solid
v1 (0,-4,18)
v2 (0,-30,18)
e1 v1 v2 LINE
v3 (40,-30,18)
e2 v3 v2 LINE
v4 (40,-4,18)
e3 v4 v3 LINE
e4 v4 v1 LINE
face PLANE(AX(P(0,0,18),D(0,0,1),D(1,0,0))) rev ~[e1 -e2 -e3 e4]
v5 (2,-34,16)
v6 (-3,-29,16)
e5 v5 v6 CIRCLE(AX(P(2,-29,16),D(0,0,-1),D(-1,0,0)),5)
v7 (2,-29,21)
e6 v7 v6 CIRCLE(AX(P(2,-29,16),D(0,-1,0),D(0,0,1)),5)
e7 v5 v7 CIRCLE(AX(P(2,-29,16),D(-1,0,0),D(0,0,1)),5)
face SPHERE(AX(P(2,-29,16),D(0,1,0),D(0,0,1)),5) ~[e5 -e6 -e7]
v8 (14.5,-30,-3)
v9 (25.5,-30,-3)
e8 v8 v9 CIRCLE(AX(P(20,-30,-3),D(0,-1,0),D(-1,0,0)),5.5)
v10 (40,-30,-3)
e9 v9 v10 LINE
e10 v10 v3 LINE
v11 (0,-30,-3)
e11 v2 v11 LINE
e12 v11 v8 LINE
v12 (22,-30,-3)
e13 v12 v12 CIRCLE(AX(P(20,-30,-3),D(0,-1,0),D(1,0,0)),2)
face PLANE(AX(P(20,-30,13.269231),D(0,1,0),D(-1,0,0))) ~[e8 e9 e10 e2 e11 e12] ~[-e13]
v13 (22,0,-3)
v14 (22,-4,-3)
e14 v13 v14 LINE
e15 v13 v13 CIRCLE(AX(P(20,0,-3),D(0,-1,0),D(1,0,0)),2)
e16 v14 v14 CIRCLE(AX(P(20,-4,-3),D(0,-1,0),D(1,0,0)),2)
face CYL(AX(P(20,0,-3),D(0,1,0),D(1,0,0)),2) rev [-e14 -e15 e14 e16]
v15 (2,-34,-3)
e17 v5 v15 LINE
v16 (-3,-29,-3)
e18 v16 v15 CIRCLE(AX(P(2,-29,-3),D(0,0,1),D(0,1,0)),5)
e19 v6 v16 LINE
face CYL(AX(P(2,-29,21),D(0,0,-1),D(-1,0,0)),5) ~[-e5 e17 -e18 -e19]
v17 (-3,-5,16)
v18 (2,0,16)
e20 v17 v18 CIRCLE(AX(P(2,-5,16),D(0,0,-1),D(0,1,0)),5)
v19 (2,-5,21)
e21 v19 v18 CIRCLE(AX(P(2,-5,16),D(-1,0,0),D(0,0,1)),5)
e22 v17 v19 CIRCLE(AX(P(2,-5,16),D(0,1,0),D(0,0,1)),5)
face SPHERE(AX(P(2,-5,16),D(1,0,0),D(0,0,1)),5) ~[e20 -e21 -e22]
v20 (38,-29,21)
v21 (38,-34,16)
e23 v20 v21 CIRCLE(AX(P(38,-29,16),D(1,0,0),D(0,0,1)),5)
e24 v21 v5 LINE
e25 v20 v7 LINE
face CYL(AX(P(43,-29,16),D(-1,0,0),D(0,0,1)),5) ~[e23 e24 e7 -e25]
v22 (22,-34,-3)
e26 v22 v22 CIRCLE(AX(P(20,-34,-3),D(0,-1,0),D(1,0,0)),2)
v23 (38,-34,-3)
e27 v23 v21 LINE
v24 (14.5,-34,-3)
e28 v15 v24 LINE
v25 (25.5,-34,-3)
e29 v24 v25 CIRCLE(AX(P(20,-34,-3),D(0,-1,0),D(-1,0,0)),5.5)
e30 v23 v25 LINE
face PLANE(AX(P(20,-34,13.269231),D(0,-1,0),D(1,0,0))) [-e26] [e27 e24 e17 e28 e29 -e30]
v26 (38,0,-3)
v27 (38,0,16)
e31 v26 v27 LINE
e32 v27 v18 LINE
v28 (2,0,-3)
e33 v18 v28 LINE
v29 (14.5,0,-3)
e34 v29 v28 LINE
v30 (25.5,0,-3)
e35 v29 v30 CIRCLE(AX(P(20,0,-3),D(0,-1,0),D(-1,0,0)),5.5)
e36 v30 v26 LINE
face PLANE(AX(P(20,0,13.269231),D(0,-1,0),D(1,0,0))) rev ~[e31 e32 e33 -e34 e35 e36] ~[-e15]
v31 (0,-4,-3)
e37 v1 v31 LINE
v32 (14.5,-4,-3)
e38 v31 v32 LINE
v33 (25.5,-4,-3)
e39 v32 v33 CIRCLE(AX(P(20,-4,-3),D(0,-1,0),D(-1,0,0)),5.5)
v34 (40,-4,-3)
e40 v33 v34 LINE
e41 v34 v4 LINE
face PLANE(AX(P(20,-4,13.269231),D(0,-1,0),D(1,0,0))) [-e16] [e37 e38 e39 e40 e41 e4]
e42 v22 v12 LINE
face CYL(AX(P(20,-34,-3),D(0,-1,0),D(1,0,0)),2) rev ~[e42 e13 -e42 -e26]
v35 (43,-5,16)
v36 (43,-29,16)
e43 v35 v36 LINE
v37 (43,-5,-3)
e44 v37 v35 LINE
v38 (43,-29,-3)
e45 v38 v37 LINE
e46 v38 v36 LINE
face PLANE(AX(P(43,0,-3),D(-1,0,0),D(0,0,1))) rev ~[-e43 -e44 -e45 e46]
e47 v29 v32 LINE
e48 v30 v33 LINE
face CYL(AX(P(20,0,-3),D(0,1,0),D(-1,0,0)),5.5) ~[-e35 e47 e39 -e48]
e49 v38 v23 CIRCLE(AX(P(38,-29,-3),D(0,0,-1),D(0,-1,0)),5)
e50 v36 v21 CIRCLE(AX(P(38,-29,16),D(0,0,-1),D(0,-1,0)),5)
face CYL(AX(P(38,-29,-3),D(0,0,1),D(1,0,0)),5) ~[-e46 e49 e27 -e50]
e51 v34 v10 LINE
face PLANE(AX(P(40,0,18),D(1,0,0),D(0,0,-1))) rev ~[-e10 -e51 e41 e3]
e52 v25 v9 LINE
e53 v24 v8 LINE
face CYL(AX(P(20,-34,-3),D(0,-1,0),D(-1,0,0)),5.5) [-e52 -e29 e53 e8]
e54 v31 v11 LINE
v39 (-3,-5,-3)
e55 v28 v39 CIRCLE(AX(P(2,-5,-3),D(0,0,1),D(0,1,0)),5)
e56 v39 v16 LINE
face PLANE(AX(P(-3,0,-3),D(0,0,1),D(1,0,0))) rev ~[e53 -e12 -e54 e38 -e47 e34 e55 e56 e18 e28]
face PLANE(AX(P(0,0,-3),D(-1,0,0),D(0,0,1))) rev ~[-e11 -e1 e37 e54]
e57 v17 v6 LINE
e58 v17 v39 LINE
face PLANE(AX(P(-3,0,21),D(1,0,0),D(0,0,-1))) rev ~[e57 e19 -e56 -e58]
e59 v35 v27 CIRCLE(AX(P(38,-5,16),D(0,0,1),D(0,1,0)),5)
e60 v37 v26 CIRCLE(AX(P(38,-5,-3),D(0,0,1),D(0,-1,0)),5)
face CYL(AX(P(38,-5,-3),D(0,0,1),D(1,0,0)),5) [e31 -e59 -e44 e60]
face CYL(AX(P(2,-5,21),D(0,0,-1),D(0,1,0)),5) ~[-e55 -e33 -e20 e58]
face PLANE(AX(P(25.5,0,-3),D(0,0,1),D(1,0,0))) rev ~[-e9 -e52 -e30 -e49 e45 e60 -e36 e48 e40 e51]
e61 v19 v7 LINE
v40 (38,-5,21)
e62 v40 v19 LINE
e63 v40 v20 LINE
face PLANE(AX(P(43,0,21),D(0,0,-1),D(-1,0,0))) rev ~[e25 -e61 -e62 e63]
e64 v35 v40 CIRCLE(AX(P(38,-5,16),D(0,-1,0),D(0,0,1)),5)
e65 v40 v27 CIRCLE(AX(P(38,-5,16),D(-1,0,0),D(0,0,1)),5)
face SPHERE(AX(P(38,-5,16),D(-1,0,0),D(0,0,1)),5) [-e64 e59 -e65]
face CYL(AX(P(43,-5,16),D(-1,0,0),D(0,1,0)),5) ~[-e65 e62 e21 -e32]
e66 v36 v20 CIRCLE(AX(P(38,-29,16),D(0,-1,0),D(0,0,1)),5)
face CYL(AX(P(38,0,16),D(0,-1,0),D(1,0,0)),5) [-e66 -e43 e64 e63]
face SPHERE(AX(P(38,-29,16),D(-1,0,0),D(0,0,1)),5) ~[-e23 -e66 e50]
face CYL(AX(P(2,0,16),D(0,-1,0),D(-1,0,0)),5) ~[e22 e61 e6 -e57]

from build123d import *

# Parameters (mm, degrees)
F0_R     = 2
F1_DEPTH = 4
F2_DEPTH = 34
F5_R     = 5


with BuildPart() as f1:
    # F0 (on Front) → F1 (new body)
    with BuildSketch(Plane.XZ):
        Polygon((0, 0), (0, 18), (40, 18), (40, 0), (40, -3), (43, -3), (43, 21), (-3, 21), (-3, -3), (0, -3), align=None)
        with BuildLine():
            Line((40, 18), (0, 18))
            Line((0, 18), (0, 0))
            Line((0, 0), (0, -3))
            Line((0, -3), (14.5, -3))
            ThreePointArc((14.5, -3), (20, -8.5), (25.5, -3))
            Line((25.5, -3), (40, -3))
            Line((40, -3), (40, 0))
            Line((40, 0), (40, 18))
        make_face()
        with Locations((20, -3)):
            Circle(F0_R, mode=Mode.SUBTRACT)
    extrude(amount=F1_DEPTH)

    # F0 (on Front) → F2 (join)
    with BuildSketch(Plane.XZ):
        Polygon((0, 0), (0, 18), (40, 18), (40, 0), (40, -3), (43, -3), (43, 21), (-3, 21), (-3, -3), (0, -3), align=None)
    extrude(amount=F2_DEPTH)

    # F4: F1 across plane


with BuildPart() as f1_1:
    add(f1.part)
    add(f1.part.mirror(Plane.XZ.offset(17)))

    # F5
    f5_edges = [f1_1.edges().sort_by_distance(p)[0] for p in [
        (20, 0, 21),
        (-3, -17, 21),
        (20, -34, 21),
        (43, -17, 21),
        (43, 0, 9),
        (-3, 0, 9),
        (-3, -34, 9),
        (43, -34, 9),
    ]]
    fillet(f5_edges, radius=F5_R)


solid = f1_1.part
